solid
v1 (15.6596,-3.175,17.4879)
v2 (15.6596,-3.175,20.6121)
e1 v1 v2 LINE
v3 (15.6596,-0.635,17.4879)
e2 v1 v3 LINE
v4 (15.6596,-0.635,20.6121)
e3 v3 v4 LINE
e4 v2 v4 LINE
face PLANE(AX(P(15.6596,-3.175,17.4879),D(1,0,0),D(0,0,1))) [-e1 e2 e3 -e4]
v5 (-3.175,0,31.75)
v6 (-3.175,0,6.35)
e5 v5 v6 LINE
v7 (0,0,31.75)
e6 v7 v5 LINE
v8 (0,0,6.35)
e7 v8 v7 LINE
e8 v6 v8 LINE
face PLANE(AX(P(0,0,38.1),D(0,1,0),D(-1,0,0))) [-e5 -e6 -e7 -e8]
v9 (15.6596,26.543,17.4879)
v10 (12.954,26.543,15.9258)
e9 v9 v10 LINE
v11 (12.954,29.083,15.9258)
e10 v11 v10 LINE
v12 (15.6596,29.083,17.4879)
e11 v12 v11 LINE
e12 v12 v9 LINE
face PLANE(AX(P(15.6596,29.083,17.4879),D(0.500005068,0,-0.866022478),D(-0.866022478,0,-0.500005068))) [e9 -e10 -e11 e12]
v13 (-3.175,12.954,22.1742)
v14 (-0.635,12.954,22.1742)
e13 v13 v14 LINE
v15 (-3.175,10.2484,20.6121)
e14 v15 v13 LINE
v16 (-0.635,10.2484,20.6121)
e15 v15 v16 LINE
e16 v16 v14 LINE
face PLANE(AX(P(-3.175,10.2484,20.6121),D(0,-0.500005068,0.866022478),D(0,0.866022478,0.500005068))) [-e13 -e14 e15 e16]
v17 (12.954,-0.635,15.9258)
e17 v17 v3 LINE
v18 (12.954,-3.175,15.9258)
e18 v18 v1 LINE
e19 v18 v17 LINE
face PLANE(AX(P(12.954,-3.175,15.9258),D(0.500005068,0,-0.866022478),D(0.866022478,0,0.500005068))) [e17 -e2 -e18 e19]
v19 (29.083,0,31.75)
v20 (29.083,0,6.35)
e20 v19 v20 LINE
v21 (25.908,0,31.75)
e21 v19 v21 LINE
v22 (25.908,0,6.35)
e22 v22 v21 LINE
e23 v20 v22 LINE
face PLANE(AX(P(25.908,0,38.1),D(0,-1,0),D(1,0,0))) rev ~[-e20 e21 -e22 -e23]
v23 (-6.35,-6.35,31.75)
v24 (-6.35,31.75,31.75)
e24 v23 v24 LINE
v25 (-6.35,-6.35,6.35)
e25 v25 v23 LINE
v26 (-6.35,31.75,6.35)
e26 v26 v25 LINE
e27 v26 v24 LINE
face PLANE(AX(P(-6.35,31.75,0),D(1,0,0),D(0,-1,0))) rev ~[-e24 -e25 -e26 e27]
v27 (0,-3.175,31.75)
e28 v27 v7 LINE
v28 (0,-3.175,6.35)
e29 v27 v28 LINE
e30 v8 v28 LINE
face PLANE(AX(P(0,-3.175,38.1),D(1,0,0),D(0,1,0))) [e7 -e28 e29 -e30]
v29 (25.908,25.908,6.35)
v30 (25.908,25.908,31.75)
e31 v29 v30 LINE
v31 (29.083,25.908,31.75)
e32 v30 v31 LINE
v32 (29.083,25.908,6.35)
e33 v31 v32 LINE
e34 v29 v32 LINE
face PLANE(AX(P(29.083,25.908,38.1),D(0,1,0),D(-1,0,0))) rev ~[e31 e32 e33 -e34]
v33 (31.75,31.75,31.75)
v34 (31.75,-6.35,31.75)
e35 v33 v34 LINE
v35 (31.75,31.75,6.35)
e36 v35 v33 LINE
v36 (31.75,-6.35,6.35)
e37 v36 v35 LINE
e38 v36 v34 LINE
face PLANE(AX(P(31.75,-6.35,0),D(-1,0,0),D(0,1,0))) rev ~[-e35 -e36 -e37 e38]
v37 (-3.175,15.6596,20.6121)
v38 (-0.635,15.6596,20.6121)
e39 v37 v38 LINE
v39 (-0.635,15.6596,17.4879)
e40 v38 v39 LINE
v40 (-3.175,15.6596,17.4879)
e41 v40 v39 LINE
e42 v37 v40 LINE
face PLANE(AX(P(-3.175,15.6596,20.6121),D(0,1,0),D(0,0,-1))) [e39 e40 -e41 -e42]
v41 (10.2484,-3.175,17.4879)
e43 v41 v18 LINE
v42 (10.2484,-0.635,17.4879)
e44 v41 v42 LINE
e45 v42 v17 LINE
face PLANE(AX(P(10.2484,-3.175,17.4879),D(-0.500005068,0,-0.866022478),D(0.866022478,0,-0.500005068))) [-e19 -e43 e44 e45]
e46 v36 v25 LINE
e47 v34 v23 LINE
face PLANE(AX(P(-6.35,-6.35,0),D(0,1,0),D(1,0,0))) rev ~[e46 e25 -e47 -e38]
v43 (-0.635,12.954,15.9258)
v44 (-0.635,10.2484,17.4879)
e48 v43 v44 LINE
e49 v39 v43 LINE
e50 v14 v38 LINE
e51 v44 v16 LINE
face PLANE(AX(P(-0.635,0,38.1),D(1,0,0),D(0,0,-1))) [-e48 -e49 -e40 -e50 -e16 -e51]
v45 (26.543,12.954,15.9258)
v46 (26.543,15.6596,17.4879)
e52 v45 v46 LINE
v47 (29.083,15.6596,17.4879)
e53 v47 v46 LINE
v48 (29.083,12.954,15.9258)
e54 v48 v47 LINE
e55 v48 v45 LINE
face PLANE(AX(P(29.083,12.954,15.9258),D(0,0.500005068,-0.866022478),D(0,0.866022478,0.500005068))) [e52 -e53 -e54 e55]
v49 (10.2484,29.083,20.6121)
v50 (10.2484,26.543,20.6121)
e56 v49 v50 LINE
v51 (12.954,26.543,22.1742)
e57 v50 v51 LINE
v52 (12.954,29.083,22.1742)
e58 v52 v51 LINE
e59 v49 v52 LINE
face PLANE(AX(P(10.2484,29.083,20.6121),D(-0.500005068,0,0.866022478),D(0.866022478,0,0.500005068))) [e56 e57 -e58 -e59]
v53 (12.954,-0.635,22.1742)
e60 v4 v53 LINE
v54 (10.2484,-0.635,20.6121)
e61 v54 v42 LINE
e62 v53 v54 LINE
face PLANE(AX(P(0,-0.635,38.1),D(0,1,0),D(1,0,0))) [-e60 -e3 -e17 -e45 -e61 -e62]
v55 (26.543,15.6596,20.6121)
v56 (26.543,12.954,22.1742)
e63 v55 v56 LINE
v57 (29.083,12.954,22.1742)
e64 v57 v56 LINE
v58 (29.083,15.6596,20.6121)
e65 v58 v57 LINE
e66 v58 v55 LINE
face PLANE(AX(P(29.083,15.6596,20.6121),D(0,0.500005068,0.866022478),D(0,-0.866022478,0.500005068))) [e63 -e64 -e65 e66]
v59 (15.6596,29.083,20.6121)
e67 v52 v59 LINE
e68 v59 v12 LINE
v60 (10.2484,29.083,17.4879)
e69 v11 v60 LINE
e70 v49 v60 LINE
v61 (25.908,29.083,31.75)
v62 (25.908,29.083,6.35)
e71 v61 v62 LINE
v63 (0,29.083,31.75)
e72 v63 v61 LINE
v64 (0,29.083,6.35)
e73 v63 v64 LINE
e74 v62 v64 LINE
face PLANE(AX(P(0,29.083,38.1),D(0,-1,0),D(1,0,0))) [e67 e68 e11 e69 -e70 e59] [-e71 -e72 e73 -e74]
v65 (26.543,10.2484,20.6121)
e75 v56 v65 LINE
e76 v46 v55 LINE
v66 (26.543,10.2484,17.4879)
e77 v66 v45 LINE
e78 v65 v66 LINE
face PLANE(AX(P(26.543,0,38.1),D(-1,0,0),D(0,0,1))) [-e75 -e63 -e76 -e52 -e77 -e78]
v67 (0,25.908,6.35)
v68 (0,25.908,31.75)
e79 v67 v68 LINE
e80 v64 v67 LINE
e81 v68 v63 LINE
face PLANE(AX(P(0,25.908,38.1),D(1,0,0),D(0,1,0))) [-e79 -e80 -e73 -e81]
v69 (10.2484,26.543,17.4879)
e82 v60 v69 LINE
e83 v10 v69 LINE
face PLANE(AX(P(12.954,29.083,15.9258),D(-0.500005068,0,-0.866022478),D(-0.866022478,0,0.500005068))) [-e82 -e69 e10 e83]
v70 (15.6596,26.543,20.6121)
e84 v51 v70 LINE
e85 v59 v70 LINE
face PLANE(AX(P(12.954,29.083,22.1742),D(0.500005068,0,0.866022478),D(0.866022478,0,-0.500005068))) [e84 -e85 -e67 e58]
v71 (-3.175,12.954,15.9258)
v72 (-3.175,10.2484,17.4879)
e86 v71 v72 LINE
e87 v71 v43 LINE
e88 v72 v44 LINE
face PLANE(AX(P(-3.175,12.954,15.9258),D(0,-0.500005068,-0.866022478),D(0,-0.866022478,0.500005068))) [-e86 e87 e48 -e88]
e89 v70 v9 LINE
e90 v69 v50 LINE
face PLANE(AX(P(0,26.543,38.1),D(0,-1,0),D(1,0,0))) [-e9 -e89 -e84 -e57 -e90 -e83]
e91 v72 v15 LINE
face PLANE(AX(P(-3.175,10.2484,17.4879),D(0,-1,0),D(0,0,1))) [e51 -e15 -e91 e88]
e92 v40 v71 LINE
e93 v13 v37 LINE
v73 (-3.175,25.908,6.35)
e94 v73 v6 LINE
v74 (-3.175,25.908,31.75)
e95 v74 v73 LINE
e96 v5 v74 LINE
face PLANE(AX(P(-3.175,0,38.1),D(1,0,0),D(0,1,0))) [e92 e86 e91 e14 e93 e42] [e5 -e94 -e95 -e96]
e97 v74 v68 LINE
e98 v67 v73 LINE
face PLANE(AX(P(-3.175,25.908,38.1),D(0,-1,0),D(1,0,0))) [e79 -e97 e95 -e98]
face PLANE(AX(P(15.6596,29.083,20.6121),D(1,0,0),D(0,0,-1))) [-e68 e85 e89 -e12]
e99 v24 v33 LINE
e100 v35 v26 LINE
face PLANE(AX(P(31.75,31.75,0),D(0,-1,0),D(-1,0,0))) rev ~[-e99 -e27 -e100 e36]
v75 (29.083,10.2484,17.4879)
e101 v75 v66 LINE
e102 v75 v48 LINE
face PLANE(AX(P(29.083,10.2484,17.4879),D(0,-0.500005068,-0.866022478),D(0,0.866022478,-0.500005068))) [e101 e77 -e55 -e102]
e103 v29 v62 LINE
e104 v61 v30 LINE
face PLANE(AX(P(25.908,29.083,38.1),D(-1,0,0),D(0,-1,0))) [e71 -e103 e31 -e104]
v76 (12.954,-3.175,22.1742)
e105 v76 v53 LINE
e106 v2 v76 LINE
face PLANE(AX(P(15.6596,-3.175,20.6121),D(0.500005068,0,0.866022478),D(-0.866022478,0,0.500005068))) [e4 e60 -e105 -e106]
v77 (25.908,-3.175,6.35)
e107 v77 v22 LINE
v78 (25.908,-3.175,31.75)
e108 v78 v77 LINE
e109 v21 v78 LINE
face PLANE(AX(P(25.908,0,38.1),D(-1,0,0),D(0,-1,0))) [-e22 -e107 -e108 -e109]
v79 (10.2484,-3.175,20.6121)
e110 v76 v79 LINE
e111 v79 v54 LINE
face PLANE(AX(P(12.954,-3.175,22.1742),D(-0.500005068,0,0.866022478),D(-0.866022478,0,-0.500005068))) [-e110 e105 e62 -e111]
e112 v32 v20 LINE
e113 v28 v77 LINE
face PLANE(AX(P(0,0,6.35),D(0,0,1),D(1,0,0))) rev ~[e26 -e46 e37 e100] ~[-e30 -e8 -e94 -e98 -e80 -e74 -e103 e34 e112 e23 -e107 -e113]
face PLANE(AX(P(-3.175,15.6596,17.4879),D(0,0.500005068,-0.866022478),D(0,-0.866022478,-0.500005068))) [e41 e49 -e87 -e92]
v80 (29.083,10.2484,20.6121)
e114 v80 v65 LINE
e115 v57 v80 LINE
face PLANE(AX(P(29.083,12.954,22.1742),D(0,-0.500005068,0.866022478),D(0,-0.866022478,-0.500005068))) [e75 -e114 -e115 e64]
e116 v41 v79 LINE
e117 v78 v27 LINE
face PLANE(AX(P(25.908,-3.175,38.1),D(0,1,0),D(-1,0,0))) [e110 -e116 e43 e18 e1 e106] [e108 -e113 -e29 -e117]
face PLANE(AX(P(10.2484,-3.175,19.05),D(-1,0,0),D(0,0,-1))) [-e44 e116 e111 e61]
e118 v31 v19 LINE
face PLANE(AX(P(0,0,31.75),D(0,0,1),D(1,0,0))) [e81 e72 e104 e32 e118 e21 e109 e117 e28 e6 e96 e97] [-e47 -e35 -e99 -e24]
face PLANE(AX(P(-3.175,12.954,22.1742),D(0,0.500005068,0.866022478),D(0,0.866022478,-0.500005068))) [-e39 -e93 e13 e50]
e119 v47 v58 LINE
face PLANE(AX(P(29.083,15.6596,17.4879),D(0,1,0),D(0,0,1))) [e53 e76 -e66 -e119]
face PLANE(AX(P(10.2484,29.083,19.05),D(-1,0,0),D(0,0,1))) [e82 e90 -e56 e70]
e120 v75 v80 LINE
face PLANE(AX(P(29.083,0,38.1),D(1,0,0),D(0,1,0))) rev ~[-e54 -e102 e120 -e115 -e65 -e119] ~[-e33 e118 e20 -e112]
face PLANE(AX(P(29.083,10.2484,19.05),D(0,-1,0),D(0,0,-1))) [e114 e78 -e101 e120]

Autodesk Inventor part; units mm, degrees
ref_plane "YZ Plane" through (0, 0, 0) normal (1, 0, 0) x (0, 1, 0)
ref_plane "XZ Plane" through (0, 0, 0) normal (0, 1, 0) x (-1, 0, 0)
ref_plane "XY Plane" through (0, 0, 0) normal (0, 0, 1) x (1, 0, 0)
sketch "Sketch1" plane through (0, 0, 0) normal (0, 0, 1) x (1, 0, 0)
  line L0 (0, 0) -> (25.908, 0)
  line L1 (25.908, 0) -> (25.908, 25.908)
  line L2 (25.908, 25.908) -> (0, 25.908)
  line L3 (0, 25.908) -> (0, 0)
  line L4 (-6.35, 0) -> (-6.35, -6.35)
  line L5 (-6.35, -6.35) -> (0, -6.35)
  line L6 (-6.35, -6.35) -> (31.75, -6.35)
  line L7 (31.75, -6.35) -> (31.75, 31.75)
  line L8 (31.75, 31.75) -> (-6.35, 31.75)
  line L9 (-6.35, 31.75) -> (-6.35, -6.35)
  dimension "d0" = 25.908
  dimension "d1" = 25.908
  dimension "d4" = 38.1
  dimension "d5" = 38.1
extrude "Extrusion1" add sketch "Sketch1" along normal blind 38.1
sketch "Sketch2" plane through (-6.35, 31.75, 0) normal (0, 1, 0) x (1, 0, 0)
  line L0 (0, -38.1) -> (38.1, -38.1) projected
  line L1 (38.1, 0) -> (38.1, -38.1) projected
  line L2 (38.1, 0) -> (0, 0) projected
  line L3 (0, 0) -> (0, -38.1) projected
  line L4 (0, -38.1) -> (0, -19.05)
  line L5 (0, 0) -> (0, -38.1) projected
  point P0 (6.35, 0)
sketch "Sketch3" plane through (-6.35, 31.75, 0) normal (0, 1, 0) x (1, 0, 0)
  line L0 (0, -38.1) -> (38.1, -38.1) projected
  line L1 (38.1, 0) -> (38.1, -38.1) projected
  line L2 (38.1, 0) -> (0, 0) projected
  line L3 (0, 0) -> (0, -38.1) projected
  point P0 (6.35, 0)
  point P1 (38.1, -19.05)
sketch "Sketch4" plane through (0, 0, 38.1) normal (0, 0, 1) x (1, 0, 0)
  line L0 (0, 0) -> (25.908, 0)
  line L1 (25.908, 0) -> (25.908, -3.175)
  line L2 (25.908, -3.175) -> (0, -3.175)
  line L3 (0, -3.175) -> (0, 0)
  line L4 (25.908, 0) -> (29.083, 0)
  line L5 (29.083, 0) -> (29.083, 25.908)
  line L6 (29.083, 25.908) -> (25.908, 25.908)
  line L7 (25.908, 25.908) -> (25.908, 0)
  line L8 (25.908, 25.908) -> (0, 25.908)
  line L9 (0, 25.908) -> (0, 29.083)
  line L10 (0, 29.083) -> (25.908, 29.083)
  line L11 (25.908, 29.083) -> (25.908, 25.908)
  line L12 (0, 0) -> (-3.175, 0)
  line L13 (-3.175, 0) -> (-3.175, 25.908)
  line L14 (-3.175, 25.908) -> (0, 25.908)
  line L15 (0, 25.908) -> (0, 0)
  dimension "d8" = 3.175
  dimension "d9" = 3.175
  dimension "d10" = 3.175
  dimension "d11" = 3.175
extrude "Extrusion2" cut sketch "Sketch4" against normal blind 38.1 contours L0 L1 L2 L3 | L12 L13 L14 L15 | L7 L6 L5 L4 | L9 L10 L11 L8
sketch "Sketch5" plane through (0, 29.083, 38.1) normal (0, -1, 0) x (1, 0, 0)
  line L0 (0, 0) -> (0, -38.1) projected
  line L1 (0, 0) -> (0, -19.05)
  line L2 (0, -19.05) -> (12.954, -19.05)
  line L3 (25.908, 0) -> (25.908, -38.1) projected
  line L4 (12.954, -19.05) -> (12.954, -15.9258)
  line L5 (12.954, -15.9258) -> (15.6596, -17.4879)
  line L6 (15.6596, -17.4879) -> (15.6596, -20.6121)
  line L7 (15.6596, -20.6121) -> (12.954, -22.1742)
  line L8 (12.954, -22.1742) -> (10.2484, -20.6121)
  line L9 (10.2484, -20.6121) -> (10.2484, -17.4879)
  line L10 (10.2484, -17.4879) -> (12.954, -15.9258)
  dimension "d14" = 19.05
  dimension "d22" = 3.1242
extrude "Extrusion3" add sketch "Sketch5" along normal blind 2.54
sketch "Sketch6" plane through (-3.175, 0, 38.1) normal (1, 0, 0) x (0, 0, -1)
  line L0 (38.1, 25.908) -> (38.1, 0) projected
  line L1 (38.1, 0) -> (38.1, 12.954)
  line L2 (38.1, 12.954) -> (19.05, 12.954)
  line L3 (19.05, 12.954) -> (22.1742, 12.954)
  line L4 (22.1742, 12.954) -> (20.6121, 10.2484)
  line L5 (20.6121, 10.2484) -> (17.4879, 10.2484)
  line L6 (17.4879, 10.2484) -> (15.9258, 12.954)
  line L7 (15.9258, 12.954) -> (17.4879, 15.6596)
  line L8 (17.4879, 15.6596) -> (20.6121, 15.6596)
  line L9 (20.6121, 15.6596) -> (22.1742, 12.954)
  dimension "d19" = 12.954
  dimension "d20" = 19.05
  dimension "d23" = 3.1242
extrude "Extrusion4" add sketch "Sketch6" along normal blind 2.54
sketch "Sketch7" plane through (0, -3.175, 38.1) normal (0, 1, 0) x (1, 0, 0)
  line L0 (0, 0) -> (0, 38.1) projected
  line L1 (0, 0) -> (0, 19.05)
  line L2 (0, 19.05) -> (12.954, 19.05)
  line L3 (12.954, 19.05) -> (12.954, 15.9258)
  line L4 (12.954, 15.9258) -> (10.2484, 17.4879)
  line L5 (10.2484, 17.4879) -> (10.2484, 20.6121)
  line L6 (10.2484, 20.6121) -> (12.954, 22.1742)
  line L7 (12.954, 22.1742) -> (15.6596, 20.6121)
  line L8 (15.6596, 20.6121) -> (15.6596, 17.4879)
  line L9 (15.6596, 17.4879) -> (12.954, 15.9258)
  dimension "d26" = 19.05
  dimension "d27" = 12.954
  dimension "d28" = 3.1242
extrude "Extrusion5" add sketch "Sketch7" along normal blind 2.54
sketch "Sketch8" plane through (29.083, 0, 38.1) normal (-1, 0, 0) x (0, 0, 1)
  line L0 (0, 0) -> (-19.05, 0)
  line L1 (-38.1, 0) -> (0, 0) projected
  line L2 (-19.05, 0) -> (-19.05, 12.954)
  line L3 (-19.05, 12.954) -> (-15.9258, 12.954)
  line L4 (-15.9258, 12.954) -> (-17.4879, 10.2484)
  line L5 (-17.4879, 10.2484) -> (-20.6121, 10.2484)
  line L6 (-20.6121, 10.2484) -> (-22.1742, 12.954)
  line L7 (-22.1742, 12.954) -> (-20.6121, 15.6596)
  line L8 (-20.6121, 15.6596) -> (-17.4879, 15.6596)
  line L9 (-17.4879, 15.6596) -> (-15.9258, 12.954)
  dimension "d31" = 19.05
  dimension "d32" = 12.954
  dimension "d33" = 3.1242
extrude "Extrusion6" add sketch "Sketch8" along normal blind 2.54
sketch "Sketch9" plane through (0, 0, 38.1) normal (0, 0, 1) x (1, 0, 0)
  line L0 (0, 25.908) -> (0, 29.083) projected
  line L1 (0, 29.083) -> (25.908, 29.083) projected
  line L2 (25.908, 29.083) -> (25.908, 25.908) projected
  line L3 (25.908, 25.908) -> (29.083, 25.908) projected
  line L4 (29.083, 25.908) -> (29.083, 0) projected
  line L5 (29.083, 0) -> (25.908, 0) projected
  line L6 (25.908, 0) -> (25.908, -3.175) projected
  line L7 (25.908, -3.175) -> (0, -3.175) projected
  line L8 (0, -3.175) -> (0, 0) projected
  line L9 (0, 0) -> (-3.175, 0) projected
  line L10 (-3.175, 0) -> (-3.175, 25.908) projected
  line L11 (-3.175, 25.908) -> (0, 25.908) projected
  line L12 (-6.35, -6.35) -> (-6.35, 31.75) projected
  line L13 (31.75, -6.35) -> (-6.35, -6.35) projected
  line L14 (31.75, 31.75) -> (31.75, -6.35) projected
  line L15 (-6.35, 31.75) -> (31.75, 31.75) projected
extrude "Extrusion7" cut sketch "Sketch9" against normal blind 6.35
extrude "Extrusion8" cut sketch "Sketch1" along normal blind 6.35
properties part number "freeholder"
